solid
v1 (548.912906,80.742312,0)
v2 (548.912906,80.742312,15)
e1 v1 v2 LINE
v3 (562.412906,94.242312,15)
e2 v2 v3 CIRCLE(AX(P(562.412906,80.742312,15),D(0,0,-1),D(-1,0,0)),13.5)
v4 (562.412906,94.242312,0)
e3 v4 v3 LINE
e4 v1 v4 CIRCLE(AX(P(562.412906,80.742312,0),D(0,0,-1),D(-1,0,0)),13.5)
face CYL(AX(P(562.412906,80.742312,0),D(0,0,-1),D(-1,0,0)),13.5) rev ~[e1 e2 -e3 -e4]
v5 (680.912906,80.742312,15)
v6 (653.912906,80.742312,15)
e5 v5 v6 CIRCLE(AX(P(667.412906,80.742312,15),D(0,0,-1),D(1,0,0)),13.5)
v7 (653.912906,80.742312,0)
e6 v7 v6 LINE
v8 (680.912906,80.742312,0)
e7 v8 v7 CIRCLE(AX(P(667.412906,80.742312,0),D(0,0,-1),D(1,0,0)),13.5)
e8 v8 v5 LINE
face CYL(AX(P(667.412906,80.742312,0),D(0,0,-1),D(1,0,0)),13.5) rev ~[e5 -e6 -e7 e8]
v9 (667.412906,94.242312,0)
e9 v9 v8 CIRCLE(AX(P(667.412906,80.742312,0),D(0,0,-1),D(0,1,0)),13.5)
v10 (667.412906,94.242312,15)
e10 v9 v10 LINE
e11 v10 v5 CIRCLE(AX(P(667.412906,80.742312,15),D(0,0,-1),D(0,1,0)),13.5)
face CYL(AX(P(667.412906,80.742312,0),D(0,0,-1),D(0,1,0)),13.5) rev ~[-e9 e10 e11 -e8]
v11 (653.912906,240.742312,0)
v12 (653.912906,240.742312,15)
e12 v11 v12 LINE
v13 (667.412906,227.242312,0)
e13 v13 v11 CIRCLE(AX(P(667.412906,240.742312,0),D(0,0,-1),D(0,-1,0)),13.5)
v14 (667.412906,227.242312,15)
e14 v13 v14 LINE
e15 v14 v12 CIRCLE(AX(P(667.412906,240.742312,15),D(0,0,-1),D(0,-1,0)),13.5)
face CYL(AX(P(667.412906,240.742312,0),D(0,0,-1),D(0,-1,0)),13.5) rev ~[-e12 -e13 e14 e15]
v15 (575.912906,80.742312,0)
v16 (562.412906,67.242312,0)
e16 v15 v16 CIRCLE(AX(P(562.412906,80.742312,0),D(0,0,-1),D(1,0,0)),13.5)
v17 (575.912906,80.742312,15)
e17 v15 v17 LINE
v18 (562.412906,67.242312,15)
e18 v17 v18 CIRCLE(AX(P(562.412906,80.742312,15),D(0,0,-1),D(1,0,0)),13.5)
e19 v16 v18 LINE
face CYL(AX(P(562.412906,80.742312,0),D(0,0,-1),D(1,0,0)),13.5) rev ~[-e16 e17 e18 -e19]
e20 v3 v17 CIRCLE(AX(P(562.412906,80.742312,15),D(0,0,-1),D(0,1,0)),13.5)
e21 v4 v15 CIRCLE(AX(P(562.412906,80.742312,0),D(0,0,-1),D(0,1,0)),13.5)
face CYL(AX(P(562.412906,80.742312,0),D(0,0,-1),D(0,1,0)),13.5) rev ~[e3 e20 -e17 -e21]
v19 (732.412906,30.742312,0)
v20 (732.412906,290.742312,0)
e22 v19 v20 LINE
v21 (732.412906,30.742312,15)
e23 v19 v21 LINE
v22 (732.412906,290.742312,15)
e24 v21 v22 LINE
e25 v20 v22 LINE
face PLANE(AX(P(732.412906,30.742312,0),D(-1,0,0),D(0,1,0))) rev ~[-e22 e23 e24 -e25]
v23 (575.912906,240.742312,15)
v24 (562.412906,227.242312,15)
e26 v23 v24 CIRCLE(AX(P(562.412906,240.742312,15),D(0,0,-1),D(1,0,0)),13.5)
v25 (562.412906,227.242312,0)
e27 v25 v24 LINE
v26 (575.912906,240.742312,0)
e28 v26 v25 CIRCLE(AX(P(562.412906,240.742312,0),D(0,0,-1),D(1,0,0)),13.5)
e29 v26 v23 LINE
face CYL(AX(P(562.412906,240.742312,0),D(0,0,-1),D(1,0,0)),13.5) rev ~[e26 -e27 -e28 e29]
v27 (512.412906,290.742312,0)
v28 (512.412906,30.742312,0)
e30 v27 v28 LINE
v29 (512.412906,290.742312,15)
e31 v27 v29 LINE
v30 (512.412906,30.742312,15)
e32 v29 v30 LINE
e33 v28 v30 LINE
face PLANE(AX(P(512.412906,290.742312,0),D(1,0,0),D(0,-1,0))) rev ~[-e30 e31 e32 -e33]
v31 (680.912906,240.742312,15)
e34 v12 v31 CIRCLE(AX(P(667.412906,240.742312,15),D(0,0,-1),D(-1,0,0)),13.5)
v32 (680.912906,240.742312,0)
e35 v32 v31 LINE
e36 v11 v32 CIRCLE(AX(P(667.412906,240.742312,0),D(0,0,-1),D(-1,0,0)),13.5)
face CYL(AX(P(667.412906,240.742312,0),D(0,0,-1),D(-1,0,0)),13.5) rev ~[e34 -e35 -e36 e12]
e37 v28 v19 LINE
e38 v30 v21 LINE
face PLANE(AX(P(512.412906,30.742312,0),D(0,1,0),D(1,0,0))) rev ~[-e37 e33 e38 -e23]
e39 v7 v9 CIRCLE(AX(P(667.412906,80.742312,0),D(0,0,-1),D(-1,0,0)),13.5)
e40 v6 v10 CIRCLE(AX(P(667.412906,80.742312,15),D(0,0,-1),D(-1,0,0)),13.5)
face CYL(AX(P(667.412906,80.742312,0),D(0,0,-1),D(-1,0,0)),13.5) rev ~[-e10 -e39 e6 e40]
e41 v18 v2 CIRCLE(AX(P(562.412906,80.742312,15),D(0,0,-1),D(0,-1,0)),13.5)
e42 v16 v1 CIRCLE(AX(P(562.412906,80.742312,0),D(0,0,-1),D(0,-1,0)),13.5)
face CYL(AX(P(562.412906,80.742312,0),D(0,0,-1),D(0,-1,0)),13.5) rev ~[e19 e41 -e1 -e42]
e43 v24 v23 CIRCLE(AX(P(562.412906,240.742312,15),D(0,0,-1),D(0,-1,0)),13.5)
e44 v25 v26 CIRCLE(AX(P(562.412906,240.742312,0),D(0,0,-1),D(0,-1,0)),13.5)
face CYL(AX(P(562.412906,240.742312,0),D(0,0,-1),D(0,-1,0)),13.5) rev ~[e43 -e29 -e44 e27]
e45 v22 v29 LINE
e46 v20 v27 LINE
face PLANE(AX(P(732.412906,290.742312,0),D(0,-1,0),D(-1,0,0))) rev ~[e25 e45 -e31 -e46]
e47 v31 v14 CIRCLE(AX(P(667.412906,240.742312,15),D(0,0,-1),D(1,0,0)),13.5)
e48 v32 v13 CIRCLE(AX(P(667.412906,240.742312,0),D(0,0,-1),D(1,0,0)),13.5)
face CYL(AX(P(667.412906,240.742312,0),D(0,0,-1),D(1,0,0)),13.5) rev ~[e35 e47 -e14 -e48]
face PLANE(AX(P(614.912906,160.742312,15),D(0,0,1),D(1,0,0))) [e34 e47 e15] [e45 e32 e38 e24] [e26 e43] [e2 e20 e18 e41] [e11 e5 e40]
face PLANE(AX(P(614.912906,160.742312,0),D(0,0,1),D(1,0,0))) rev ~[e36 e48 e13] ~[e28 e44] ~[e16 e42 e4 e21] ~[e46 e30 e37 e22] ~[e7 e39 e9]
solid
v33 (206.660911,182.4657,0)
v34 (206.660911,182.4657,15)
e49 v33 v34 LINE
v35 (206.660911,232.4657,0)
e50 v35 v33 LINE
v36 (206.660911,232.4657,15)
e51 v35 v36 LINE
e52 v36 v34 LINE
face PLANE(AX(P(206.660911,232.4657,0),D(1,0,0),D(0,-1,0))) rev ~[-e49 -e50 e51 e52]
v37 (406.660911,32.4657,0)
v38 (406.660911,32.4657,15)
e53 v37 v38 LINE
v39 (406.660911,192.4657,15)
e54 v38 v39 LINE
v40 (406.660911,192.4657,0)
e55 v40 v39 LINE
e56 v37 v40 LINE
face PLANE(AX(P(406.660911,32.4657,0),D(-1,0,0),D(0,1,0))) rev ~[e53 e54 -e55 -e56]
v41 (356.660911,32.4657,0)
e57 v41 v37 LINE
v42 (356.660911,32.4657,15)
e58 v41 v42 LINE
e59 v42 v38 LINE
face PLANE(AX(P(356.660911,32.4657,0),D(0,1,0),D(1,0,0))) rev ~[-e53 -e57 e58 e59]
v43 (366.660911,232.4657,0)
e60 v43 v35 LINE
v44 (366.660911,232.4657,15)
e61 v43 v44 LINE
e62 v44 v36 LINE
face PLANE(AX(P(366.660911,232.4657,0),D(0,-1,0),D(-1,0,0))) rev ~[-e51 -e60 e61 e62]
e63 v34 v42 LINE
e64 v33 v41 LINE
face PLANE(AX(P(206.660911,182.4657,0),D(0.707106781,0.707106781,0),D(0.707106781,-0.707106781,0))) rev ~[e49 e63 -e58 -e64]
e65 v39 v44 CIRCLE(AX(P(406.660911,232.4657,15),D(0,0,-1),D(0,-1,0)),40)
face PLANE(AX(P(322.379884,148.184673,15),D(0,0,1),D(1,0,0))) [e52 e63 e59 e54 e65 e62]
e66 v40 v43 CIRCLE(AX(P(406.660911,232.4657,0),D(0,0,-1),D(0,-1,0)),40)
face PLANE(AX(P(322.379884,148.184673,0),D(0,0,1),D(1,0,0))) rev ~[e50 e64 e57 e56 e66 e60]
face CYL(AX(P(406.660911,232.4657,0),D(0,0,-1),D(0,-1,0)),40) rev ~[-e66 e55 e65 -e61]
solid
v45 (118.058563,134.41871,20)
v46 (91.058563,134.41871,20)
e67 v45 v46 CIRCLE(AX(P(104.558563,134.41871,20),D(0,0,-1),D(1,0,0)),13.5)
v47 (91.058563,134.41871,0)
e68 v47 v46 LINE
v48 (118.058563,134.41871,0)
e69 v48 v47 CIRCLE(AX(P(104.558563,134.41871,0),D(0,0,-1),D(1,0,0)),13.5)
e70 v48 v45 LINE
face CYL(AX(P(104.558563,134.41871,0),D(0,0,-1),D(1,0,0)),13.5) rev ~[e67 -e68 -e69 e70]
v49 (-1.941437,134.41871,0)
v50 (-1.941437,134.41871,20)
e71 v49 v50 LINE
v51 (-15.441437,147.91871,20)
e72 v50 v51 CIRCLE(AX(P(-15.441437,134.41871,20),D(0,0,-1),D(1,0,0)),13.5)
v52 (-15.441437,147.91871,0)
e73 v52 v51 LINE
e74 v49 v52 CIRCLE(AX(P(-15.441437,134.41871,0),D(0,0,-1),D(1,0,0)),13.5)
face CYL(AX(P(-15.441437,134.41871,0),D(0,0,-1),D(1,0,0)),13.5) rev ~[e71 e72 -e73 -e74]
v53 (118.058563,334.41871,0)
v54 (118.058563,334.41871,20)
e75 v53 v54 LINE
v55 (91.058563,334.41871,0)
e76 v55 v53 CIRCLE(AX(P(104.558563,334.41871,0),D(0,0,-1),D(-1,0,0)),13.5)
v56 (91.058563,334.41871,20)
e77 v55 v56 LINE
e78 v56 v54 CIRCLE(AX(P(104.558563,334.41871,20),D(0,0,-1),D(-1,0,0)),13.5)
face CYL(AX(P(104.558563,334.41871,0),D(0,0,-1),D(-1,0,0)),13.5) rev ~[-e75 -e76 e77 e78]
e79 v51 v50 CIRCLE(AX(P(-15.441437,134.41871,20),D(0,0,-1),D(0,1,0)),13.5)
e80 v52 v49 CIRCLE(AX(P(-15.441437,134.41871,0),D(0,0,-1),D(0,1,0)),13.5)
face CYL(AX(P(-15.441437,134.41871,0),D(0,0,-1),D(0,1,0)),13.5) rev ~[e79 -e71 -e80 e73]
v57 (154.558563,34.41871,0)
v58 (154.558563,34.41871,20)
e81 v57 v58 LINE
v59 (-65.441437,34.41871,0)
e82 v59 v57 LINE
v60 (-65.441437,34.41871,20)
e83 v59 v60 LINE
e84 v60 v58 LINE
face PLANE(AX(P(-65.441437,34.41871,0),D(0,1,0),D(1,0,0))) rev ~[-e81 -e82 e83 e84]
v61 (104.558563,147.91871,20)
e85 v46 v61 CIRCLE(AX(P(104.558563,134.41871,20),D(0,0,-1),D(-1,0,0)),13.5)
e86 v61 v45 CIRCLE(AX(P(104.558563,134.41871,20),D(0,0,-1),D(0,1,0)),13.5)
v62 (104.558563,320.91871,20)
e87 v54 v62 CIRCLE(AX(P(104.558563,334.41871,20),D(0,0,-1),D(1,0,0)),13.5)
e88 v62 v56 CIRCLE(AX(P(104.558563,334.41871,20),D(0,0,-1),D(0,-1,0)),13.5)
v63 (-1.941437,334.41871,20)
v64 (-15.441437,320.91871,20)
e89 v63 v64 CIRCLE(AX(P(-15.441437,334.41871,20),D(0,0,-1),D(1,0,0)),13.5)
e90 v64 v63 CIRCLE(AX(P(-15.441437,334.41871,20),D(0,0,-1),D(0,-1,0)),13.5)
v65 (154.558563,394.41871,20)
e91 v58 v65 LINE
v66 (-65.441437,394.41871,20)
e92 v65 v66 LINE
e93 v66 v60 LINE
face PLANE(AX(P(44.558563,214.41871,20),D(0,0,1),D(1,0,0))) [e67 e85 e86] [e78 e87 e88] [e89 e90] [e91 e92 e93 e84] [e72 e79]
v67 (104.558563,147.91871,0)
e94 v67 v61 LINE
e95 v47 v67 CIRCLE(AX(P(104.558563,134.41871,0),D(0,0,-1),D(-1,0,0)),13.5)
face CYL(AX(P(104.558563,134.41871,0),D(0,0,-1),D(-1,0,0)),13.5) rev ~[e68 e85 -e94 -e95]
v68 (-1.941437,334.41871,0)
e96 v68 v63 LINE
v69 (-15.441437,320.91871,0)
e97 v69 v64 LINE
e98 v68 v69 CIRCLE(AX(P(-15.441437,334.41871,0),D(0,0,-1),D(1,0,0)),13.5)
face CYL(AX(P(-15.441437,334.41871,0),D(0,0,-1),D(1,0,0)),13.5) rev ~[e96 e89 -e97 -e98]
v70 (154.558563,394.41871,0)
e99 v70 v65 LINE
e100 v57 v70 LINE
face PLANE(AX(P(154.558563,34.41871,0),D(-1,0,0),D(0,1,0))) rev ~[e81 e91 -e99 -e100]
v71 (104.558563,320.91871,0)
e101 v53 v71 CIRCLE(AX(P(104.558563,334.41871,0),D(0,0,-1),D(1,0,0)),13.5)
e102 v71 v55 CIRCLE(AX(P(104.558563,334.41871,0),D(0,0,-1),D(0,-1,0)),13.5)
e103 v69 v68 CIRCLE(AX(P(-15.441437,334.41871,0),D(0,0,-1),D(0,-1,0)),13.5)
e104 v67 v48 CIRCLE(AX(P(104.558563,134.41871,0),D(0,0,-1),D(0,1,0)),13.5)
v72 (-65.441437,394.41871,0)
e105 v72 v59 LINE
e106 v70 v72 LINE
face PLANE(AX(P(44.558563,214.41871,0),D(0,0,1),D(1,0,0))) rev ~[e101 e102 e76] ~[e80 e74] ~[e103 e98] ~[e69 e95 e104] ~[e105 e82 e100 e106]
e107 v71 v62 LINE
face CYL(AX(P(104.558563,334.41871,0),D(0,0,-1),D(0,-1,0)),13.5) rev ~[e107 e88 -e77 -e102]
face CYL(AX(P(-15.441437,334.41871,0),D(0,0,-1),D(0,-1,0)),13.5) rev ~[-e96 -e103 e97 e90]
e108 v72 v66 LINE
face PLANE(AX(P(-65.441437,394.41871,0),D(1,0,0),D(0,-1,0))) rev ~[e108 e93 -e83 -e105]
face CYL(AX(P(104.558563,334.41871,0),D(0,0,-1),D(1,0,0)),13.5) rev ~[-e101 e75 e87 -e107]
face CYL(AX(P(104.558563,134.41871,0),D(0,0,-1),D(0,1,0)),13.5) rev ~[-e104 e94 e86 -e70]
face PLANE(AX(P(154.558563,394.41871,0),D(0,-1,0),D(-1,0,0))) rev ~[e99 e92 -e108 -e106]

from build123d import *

# Parameters (mm, degrees)
F1_DEPTH = 20
F3_DEPTH = 15


with BuildPart() as f1:
    # F0 (on Top) → F1 (new body)
    with BuildSketch(Plane.XY):
        Polygon((-65.4414370656, 394.4187095761), (-65.4414370656, 34.4187095761), (-15.4414370656, 34.4187095761), (154.5585629344, 34.4187095761), (154.5585629344, 394.4187095761), align=None)
        with BuildLine():
            Line((91.0585629344, 134.4187095761), (-1.9414370656, 134.4187095761))
            ThreePointArc((-1.9414370656, 134.4187095761), (-24.9873786116, 124.8727680301), (-15.4414370656, 147.9187095761))
            Line((-15.4414370656, 147.9187095761), (-15.4414370656, 320.9187095761))
            ThreePointArc((-15.4414370656, 320.9187095761), (-24.9873786116, 343.9646511221), (-1.9414370656, 334.4187095761))
            Line((-1.9414370656, 334.4187095761), (91.0585629344, 334.4187095761))
            ThreePointArc((91.0585629344, 334.4187095761), (104.5585629344, 347.9187095761), (118.0585629344, 334.4187095761))
            ThreePointArc((118.0585629344, 334.4187095761), (114.1045044804, 324.8727680301), (104.5585629344, 320.9187095761))
            Line((104.5585629344, 320.9187095761), (104.5585629344, 147.9187095761))
            ThreePointArc((104.5585629344, 147.9187095761), (114.1045044804, 143.9646511221), (118.0585629344, 134.4187095761))
            ThreePointArc((118.0585629344, 134.4187095761), (104.5585629344, 120.9187095761), (91.0585629344, 134.4187095761))
        make_face(mode=Mode.SUBTRACT)
        with BuildLine():
            ThreePointArc((-15.4414370656, 147.9187095761), (-5.8954955196, 143.9646511221), (-1.9414370656, 134.4187095761))
            Line((-1.9414370656, 134.4187095761), (91.0585629344, 134.4187095761))
            ThreePointArc((91.0585629344, 134.4187095761), (95.0126213884, 143.9646511221), (104.5585629344, 147.9187095761))
            Line((104.5585629344, 147.9187095761), (104.5585629344, 320.9187095761))
            ThreePointArc((104.5585629344, 320.9187095761), (95.0126213884, 324.8727680301), (91.0585629344, 334.4187095761))
            Line((91.0585629344, 334.4187095761), (-1.9414370656, 334.4187095761))
            ThreePointArc((-1.9414370656, 334.4187095761), (-5.8954955196, 324.8727680301), (-15.4414370656, 320.9187095761))
            Line((-15.4414370656, 320.9187095761), (-15.4414370656, 147.9187095761))
        make_face()
    extrude(amount=F1_DEPTH)


with BuildPart() as f3:
    # F2 (on Top) → F3 (new body)
    with BuildSketch(Plane.XY):
        with BuildLine():
            Line((206.6609114408, 182.4657000601), (356.6609114408, 32.4657000601))
            Line((356.6609114408, 32.4657000601), (406.6609114408, 32.4657000601))
            Line((406.6609114408, 32.4657000601), (406.6609114408, 192.4657000601))
            ThreePointArc((406.6609114408, 192.4657000601), (378.3766401934, 204.1814288127), (366.6609114408, 232.4657000601))
            Line((366.6609114408, 232.4657000601), (206.6609114408, 232.4657000601))
            Line((206.6609114408, 232.4657000601), (206.6609114408, 182.4657000601))
        make_face()
    extrude(amount=F3_DEPTH)


with BuildPart() as f3b:
    # F2 (on Top) → F3, piece 2 (new body)
    with BuildSketch(Plane.XY):
        with BuildLine():
            ThreePointArc((562.4129056931, 94.2423118502), (571.9588472391, 90.2882533962), (575.9129056931, 80.7423118502))
            Line((575.9129056931, 80.7423118502), (653.9129056931, 80.7423118502))
            ThreePointArc((653.9129056931, 80.7423118502), (657.866964147, 90.2882533962), (667.4129056931, 94.2423118502))
            Line((667.4129056931, 94.2423118502), (667.4129056931, 227.2423118502))
            ThreePointArc((667.4129056931, 227.2423118502), (657.866964147, 231.1963703042), (653.9129056931, 240.7423118502))
            Line((653.9129056931, 240.7423118502), (575.9129056931, 240.7423118502))
            ThreePointArc((575.9129056931, 240.7423118502), (571.9588472391, 231.1963703042), (562.4129056931, 227.2423118502))
            Line((562.4129056931, 227.2423118502), (562.4129056931, 94.2423118502))
        make_face()
        with BuildLine():
            Line((562.4129056931, 67.2423118502), (562.4129056931, 30.7423118502))
            Line((562.4129056931, 30.7423118502), (732.4129056931, 30.7423118502))
            Line((732.4129056931, 30.7423118502), (732.4129056931, 290.7423118502))
            Line((732.4129056931, 290.7423118502), (512.4129056931, 290.7423118502))
            Line((512.4129056931, 290.7423118502), (512.4129056931, 80.7423118502))
            Line((512.4129056931, 80.7423118502), (548.9129056931, 80.7423118502))
            ThreePointArc((548.9129056931, 80.7423118502), (552.866964147, 90.2882533962), (562.4129056931, 94.2423118502))
            Line((562.4129056931, 94.2423118502), (562.4129056931, 227.2423118502))
            ThreePointArc((562.4129056931, 227.2423118502), (552.866964147, 250.2882533962), (575.9129056931, 240.7423118502))
            Line((575.9129056931, 240.7423118502), (653.9129056931, 240.7423118502))
            ThreePointArc((653.9129056931, 240.7423118502), (667.4129056931, 254.2423118502), (680.9129056931, 240.7423118502))
            ThreePointArc((680.9129056931, 240.7423118502), (676.9588472391, 231.1963703042), (667.4129056931, 227.2423118502))
            Line((667.4129056931, 227.2423118502), (667.4129056931, 94.2423118502))
            ThreePointArc((667.4129056931, 94.2423118502), (676.9588472391, 90.2882533962), (680.9129056931, 80.7423118502))
            ThreePointArc((680.9129056931, 80.7423118502), (667.4129056931, 67.2423118502), (653.9129056931, 80.7423118502))
            Line((653.9129056931, 80.7423118502), (575.9129056931, 80.7423118502))
            ThreePointArc((575.9129056931, 80.7423118502), (571.9588472391, 71.1963703042), (562.4129056931, 67.2423118502))
        make_face()
        with BuildLine():
            Line((512.4129056931, 80.7423118502), (512.4129056931, 30.7423118502))
            Line((512.4129056931, 30.7423118502), (562.4129056931, 30.7423118502))
            Line((562.4129056931, 30.7423118502), (562.4129056931, 67.2423118502))
            ThreePointArc((562.4129056931, 67.2423118502), (552.866964147, 71.1963703042), (548.9129056931, 80.7423118502))
            Line((548.9129056931, 80.7423118502), (512.4129056931, 80.7423118502))
        make_face()
    extrude(amount=F3_DEPTH)


solid = Compound([f1.part, f3.part, f3b.part])
